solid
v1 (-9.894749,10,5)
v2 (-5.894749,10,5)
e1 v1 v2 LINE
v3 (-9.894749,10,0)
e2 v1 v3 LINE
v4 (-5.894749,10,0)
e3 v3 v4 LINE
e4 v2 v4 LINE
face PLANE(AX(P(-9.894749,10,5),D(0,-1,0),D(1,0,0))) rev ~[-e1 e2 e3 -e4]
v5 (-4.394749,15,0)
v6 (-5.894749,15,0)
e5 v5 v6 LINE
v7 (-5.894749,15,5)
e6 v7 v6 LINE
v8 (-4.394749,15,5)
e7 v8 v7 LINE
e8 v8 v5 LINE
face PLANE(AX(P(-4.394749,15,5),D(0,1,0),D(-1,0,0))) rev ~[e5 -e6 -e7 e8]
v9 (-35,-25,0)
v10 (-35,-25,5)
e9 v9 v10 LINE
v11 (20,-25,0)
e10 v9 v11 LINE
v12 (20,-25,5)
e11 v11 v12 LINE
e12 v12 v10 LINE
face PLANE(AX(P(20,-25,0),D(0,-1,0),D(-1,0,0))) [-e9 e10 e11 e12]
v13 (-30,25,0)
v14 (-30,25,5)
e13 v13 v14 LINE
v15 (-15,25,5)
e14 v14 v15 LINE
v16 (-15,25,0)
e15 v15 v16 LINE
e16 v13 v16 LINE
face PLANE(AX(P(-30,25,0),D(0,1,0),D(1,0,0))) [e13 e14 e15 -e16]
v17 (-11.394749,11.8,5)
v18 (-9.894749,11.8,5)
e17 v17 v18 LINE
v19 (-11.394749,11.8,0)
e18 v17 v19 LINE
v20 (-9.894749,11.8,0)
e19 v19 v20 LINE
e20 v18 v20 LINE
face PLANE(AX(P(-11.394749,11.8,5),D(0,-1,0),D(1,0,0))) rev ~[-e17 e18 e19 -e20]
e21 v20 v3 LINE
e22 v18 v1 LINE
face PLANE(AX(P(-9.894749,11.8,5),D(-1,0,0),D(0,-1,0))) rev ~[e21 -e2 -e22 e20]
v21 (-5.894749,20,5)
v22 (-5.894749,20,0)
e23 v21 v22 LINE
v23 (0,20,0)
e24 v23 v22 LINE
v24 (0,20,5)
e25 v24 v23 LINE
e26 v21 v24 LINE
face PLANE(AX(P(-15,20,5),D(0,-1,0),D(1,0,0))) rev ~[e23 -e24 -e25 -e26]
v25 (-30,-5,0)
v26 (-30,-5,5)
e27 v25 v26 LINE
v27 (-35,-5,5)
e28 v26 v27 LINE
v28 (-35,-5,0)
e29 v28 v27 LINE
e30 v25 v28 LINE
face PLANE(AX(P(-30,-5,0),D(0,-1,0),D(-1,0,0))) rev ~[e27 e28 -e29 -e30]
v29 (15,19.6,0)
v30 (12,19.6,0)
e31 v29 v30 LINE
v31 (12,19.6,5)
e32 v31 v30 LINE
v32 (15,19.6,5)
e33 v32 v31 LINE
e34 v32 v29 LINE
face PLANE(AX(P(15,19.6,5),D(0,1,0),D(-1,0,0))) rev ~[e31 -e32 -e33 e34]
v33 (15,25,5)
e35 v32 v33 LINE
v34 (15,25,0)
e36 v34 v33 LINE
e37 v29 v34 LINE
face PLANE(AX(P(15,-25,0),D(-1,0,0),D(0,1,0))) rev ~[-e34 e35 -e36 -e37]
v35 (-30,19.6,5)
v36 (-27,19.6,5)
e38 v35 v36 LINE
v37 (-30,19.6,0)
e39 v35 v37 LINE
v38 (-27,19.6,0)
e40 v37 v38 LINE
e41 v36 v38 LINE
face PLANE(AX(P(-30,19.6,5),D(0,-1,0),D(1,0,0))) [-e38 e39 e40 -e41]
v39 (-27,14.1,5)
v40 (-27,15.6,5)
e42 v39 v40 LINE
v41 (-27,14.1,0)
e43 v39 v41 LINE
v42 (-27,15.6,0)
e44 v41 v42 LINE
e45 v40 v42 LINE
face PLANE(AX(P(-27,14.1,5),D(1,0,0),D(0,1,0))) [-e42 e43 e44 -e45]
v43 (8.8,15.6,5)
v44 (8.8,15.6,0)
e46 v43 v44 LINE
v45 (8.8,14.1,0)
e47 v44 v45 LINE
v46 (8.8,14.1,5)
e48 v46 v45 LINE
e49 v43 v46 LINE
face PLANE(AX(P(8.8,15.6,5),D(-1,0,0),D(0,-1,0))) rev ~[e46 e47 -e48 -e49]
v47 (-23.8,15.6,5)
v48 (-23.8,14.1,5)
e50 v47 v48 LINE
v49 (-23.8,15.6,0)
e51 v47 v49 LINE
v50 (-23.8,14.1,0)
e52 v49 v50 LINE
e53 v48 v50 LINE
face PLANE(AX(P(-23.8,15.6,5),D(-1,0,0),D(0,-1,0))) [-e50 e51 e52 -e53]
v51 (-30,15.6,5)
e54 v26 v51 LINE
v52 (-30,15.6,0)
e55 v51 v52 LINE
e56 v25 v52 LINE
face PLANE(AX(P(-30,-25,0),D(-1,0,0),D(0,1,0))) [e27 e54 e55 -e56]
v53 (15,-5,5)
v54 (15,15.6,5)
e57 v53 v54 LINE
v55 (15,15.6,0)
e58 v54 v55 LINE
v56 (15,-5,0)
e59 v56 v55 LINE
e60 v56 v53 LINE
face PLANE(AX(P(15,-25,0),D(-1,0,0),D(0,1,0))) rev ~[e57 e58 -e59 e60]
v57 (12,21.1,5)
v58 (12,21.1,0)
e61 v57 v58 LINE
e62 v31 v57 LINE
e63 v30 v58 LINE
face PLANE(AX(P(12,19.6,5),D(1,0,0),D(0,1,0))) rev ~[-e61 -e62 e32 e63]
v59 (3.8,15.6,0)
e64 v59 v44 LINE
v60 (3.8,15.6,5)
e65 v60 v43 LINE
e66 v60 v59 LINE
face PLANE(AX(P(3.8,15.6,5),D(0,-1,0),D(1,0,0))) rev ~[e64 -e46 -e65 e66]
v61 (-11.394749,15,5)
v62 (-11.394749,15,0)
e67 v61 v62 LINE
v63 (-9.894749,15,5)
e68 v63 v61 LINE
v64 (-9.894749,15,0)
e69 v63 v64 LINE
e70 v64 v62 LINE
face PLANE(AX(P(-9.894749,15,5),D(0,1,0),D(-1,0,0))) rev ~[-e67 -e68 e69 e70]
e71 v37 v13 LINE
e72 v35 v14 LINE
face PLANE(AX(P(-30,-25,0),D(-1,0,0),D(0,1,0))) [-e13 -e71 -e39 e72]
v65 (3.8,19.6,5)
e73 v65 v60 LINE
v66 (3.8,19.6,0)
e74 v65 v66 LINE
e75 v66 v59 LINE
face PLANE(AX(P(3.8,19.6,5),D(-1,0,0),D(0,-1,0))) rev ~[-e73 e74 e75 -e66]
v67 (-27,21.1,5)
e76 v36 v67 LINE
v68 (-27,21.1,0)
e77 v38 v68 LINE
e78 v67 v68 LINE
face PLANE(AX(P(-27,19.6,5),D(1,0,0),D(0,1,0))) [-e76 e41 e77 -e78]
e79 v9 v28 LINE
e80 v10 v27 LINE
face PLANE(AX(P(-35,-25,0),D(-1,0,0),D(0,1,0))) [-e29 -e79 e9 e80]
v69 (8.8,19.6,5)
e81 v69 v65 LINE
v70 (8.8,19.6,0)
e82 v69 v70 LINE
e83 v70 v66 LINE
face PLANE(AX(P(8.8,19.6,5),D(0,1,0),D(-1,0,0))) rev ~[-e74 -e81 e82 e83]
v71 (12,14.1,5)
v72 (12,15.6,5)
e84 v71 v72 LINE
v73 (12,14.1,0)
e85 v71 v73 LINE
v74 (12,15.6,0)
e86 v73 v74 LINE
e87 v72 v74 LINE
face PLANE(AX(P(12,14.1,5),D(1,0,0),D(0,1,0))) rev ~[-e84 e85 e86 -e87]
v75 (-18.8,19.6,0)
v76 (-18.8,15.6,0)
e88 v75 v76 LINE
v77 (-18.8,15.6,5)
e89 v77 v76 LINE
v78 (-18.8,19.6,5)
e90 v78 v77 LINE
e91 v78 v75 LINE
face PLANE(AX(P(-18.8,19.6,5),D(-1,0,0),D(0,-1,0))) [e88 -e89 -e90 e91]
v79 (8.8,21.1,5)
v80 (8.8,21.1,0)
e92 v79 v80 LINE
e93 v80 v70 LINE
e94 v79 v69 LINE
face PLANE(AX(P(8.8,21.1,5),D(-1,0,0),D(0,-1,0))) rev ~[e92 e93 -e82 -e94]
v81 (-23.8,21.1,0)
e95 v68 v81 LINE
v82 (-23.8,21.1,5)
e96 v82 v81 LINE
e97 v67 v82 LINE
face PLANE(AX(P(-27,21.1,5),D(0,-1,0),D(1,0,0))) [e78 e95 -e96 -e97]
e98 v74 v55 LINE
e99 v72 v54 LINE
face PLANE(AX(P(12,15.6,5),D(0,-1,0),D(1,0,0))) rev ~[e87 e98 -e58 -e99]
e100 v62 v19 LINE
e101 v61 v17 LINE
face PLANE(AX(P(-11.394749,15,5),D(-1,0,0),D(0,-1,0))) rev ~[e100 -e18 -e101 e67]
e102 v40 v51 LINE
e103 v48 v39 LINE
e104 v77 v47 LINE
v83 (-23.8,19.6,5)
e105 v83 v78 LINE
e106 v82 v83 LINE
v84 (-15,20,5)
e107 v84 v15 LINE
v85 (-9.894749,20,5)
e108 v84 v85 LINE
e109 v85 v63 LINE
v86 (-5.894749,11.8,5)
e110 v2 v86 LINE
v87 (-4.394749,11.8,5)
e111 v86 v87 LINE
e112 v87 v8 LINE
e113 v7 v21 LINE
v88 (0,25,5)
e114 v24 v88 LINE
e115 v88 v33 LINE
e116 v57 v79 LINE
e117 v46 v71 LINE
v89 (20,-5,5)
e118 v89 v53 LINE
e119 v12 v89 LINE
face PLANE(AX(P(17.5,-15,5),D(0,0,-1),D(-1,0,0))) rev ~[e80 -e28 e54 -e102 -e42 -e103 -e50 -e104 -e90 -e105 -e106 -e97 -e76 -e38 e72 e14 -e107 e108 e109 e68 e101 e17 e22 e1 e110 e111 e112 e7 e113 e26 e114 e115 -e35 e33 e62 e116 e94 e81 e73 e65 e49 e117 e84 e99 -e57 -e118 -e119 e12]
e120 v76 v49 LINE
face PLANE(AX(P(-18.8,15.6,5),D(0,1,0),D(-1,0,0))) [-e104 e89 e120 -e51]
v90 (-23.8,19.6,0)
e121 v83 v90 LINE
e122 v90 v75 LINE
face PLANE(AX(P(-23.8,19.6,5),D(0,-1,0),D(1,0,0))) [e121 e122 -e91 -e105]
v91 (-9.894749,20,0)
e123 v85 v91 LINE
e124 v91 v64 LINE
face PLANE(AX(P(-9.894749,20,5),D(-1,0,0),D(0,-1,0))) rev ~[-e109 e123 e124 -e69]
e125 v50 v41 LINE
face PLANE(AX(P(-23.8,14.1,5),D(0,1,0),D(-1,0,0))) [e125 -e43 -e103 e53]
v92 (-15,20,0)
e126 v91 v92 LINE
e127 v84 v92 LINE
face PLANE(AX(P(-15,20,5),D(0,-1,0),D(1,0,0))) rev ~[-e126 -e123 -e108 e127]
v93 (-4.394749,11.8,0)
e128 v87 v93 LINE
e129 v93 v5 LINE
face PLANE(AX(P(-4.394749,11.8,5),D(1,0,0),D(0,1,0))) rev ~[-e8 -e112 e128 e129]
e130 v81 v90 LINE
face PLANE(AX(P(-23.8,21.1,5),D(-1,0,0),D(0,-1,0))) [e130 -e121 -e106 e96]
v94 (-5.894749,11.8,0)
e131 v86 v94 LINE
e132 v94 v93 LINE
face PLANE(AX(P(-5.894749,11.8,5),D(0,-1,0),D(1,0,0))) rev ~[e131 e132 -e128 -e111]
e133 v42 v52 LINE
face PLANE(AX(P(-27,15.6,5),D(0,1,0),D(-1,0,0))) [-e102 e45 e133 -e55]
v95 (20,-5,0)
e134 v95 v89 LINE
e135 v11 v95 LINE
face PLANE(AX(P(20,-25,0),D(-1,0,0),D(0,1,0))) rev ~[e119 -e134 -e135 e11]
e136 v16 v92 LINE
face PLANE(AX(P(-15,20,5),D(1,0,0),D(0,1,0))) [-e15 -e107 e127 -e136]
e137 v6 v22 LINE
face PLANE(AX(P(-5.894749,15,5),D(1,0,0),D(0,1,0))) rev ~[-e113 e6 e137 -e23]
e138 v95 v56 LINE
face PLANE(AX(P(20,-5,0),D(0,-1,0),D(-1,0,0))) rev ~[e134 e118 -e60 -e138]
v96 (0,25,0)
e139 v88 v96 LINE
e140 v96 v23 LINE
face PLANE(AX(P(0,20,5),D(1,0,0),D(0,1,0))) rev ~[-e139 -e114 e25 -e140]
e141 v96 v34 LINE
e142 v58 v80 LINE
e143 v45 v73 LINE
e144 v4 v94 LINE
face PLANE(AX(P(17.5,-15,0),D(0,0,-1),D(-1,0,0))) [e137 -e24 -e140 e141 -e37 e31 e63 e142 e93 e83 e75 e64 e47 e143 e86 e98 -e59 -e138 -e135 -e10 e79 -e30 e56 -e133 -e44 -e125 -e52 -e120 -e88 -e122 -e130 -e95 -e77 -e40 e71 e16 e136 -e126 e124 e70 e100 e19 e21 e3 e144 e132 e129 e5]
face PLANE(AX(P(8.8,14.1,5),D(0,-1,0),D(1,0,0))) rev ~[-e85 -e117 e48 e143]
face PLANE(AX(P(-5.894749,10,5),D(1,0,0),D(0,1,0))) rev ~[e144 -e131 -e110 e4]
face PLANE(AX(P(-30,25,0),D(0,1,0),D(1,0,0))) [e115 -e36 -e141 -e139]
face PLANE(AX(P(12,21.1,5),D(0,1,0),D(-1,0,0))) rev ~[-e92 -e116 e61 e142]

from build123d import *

# Parameters (mm, degrees)
SKETCH1_W           = 45
SKETCH1_H           = 50
BOSS_EXTRUDE1_DEPTH = 5
CUT_EXTRUDE1_DEPTH  = 5
SKETCH6_W           = 5
SKETCH6_H           = 20
BOSS_EXTRUDE2_DEPTH = 5
SKETCH7_W           = 15
SKETCH7_H           = 5
CUT_EXTRUDE2_DEPTH  = 10
CUT_EXTRUDE3_DEPTH  = 5


with BuildPart() as part:
    # Sketch1 → Boss-Extrude1 (new body)
    with BuildSketch(Plane.XY):
        with Locations((-7.5, 0)):
            Rectangle(SKETCH1_W, SKETCH1_H)
    extrude(amount=BOSS_EXTRUDE1_DEPTH)

    # Sketch5 → Cut-Extrude1 (cut)
    with BuildSketch(Plane.XY.offset(5)):
        Polygon((-30, 15.6), (-30, 19.6), (-27, 19.6), (-27, 21.1), (-23.8, 21.1), (-23.8, 19.6), (-18.8, 19.6), (-18.8, 15.6), (-23.8, 15.6), (-23.8, 14.1), (-27, 14.1), (-27, 15.6), align=None)
        Polygon((15, 19.6), (12, 19.6), (12, 21.1), (8.8, 21.1), (8.8, 19.6), (3.8, 19.6), (3.8, 15.6), (8.8, 15.6), (8.8, 14.1), (12, 14.1), (12, 15.6), (15, 15.6), align=None)
    extrude(amount=-CUT_EXTRUDE1_DEPTH, mode=Mode.SUBTRACT)

    # Sketch6 → Boss-Extrude2 (add)
    with BuildSketch(Plane(origin=(0, 0, 0), x_dir=(-1, 0, 0), z_dir=(0, 0, -1))):
        with Locations((-17.5, -15)):
            Rectangle(SKETCH6_W, SKETCH6_H)
        with Locations((32.5, -15)):
            Rectangle(SKETCH6_W, SKETCH6_H)
    extrude(amount=-BOSS_EXTRUDE2_DEPTH)

    # Sketch7 → Cut-Extrude2 (cut)
    with BuildSketch(Plane.XY.offset(5)):
        with Locations((-7.5, 22.5)):
            Rectangle(SKETCH7_W, SKETCH7_H)
    extrude(amount=-CUT_EXTRUDE2_DEPTH, mode=Mode.SUBTRACT)

    # Sketch8 → Cut-Extrude3 (cut)
    with BuildSketch(Plane.XY.offset(5)):
        Polygon((-9.894748858, 20), (-9.894748858, 15), (-11.394748858, 15), (-11.394748858, 11.8), (-9.894748858, 11.8), (-9.894748858, 10), (-5.894748858, 10), (-5.894748858, 11.8), (-4.394748858, 11.8), (-4.394748858, 15), (-5.894748858, 15), (-5.894748858, 20), align=None)
    extrude(amount=-CUT_EXTRUDE3_DEPTH, mode=Mode.SUBTRACT)


solid = part.part
